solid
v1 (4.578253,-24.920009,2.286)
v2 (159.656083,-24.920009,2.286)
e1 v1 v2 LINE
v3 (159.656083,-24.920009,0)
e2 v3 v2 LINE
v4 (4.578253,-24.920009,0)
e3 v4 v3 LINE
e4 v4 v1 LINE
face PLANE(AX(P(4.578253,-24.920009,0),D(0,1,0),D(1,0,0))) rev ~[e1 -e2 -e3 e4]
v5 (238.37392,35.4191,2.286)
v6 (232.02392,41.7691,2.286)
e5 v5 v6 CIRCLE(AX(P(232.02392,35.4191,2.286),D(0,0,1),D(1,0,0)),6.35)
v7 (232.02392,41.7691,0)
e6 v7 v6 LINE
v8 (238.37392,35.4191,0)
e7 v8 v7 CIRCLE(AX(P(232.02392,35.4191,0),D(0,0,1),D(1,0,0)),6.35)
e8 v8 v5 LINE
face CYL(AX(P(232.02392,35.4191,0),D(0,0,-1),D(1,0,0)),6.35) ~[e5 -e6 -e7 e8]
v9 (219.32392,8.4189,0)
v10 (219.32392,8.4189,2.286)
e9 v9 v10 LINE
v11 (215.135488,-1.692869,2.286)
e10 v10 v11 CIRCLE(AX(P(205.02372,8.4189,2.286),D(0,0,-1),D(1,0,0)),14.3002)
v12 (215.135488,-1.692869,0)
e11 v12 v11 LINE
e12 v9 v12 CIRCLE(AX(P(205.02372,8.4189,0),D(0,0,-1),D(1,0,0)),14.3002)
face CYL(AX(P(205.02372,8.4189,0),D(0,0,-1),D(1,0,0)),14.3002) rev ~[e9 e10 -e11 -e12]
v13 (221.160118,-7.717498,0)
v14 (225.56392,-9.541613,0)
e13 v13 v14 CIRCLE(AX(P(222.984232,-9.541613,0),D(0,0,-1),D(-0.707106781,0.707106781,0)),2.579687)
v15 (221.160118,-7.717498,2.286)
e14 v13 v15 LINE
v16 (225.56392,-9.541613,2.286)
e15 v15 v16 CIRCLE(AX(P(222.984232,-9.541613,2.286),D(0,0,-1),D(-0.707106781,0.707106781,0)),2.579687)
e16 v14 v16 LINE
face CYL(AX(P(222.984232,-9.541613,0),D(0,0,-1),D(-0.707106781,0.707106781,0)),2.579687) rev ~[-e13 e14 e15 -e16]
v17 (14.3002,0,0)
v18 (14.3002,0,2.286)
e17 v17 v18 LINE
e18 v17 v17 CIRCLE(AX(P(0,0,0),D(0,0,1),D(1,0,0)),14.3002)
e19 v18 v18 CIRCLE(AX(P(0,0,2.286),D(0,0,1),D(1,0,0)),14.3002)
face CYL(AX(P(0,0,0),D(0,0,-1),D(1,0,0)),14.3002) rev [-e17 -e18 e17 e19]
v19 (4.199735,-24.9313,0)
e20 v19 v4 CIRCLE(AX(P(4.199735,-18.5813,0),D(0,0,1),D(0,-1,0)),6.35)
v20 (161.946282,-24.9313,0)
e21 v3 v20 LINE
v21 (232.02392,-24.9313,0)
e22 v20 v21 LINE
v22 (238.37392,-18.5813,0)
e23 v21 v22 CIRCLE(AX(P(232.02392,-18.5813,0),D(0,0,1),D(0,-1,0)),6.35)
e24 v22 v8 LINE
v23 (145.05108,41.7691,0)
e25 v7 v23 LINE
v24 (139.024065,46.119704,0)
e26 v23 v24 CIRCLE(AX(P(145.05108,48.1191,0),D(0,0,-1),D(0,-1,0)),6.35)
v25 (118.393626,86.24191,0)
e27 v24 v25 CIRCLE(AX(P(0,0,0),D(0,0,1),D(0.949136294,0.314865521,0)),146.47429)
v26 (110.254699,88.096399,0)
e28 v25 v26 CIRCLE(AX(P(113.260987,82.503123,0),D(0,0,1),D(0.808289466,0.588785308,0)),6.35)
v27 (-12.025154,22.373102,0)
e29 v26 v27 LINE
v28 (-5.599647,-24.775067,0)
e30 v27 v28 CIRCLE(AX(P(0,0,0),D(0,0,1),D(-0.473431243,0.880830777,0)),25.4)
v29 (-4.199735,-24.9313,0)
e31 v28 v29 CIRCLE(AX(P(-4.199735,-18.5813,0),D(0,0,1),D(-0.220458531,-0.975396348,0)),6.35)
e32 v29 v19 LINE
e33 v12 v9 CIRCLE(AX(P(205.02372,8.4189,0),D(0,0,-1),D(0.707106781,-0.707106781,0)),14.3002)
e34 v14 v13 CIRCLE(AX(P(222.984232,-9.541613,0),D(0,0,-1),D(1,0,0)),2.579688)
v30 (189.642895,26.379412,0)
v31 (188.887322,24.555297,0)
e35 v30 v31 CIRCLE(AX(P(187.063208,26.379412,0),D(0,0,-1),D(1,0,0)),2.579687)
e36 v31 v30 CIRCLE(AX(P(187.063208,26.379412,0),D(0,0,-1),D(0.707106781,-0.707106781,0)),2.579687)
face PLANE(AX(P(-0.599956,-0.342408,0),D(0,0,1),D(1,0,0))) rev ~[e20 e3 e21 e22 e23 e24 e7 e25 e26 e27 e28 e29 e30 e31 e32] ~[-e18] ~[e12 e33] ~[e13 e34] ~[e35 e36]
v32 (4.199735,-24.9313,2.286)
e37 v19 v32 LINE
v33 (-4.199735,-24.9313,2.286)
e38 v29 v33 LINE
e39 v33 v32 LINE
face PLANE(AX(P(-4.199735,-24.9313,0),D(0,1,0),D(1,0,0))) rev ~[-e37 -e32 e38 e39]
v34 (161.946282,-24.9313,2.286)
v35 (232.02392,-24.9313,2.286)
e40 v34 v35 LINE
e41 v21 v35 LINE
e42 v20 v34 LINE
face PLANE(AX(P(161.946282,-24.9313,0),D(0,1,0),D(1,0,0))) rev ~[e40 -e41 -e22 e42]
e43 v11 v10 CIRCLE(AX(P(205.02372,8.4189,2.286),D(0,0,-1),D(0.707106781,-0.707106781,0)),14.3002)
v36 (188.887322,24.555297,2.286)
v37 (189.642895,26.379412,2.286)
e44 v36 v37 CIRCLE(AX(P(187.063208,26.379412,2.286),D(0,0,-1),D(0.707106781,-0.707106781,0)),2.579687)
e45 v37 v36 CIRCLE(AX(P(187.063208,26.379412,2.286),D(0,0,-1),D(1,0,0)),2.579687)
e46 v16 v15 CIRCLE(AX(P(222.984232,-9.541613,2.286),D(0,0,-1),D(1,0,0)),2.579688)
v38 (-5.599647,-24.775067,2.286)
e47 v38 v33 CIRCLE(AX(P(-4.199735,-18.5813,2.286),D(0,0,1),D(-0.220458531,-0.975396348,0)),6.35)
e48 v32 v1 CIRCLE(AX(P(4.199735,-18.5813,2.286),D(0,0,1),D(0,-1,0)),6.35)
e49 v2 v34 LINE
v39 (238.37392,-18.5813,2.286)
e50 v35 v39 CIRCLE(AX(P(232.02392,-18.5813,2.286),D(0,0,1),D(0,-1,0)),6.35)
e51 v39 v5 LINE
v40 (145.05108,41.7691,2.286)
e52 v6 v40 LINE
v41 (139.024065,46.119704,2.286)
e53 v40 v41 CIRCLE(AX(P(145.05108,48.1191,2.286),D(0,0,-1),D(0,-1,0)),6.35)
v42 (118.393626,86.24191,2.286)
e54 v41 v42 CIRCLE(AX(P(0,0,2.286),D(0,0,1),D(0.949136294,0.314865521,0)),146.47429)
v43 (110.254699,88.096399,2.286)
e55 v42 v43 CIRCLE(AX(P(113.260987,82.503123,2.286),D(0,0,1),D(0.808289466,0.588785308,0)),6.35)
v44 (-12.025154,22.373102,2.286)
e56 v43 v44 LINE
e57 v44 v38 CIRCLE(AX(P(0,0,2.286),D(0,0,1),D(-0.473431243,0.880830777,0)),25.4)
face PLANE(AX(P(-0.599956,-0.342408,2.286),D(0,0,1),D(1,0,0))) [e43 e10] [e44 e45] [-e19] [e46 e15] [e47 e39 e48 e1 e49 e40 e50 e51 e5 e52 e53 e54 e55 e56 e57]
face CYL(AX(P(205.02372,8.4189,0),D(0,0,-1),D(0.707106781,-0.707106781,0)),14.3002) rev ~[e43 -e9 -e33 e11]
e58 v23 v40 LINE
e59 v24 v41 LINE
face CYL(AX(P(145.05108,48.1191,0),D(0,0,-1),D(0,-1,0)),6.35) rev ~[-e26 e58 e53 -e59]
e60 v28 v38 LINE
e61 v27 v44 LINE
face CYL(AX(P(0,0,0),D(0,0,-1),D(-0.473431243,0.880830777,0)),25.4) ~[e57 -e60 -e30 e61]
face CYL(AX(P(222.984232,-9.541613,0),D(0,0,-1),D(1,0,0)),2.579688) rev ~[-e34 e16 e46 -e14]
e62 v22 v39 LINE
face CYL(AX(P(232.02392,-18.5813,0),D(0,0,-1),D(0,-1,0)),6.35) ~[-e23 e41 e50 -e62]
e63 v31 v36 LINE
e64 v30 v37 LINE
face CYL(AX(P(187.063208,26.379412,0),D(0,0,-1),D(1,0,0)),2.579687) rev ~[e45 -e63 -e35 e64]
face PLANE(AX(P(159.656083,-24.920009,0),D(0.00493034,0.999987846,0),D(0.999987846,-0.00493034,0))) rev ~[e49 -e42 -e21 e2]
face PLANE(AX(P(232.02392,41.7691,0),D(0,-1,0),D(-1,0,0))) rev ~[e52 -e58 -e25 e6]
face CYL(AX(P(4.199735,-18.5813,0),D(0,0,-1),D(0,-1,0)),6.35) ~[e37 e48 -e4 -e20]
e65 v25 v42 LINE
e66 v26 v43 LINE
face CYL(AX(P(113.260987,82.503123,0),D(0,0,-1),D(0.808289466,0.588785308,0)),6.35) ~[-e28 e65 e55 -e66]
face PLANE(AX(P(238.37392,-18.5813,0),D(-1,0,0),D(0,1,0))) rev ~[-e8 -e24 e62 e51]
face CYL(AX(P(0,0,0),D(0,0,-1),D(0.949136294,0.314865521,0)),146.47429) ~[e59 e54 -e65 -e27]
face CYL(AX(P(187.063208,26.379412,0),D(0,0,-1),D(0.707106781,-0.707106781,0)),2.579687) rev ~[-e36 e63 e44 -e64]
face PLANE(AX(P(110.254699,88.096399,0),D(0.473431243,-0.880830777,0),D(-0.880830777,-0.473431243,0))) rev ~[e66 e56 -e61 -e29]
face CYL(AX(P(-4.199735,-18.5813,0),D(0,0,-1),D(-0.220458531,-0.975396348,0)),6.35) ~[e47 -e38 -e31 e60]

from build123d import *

# Parameters (mm, degrees)
F0_R     = 14.3002
F1_DEPTH = 2.286


with BuildPart() as f1:
    # F0 (on Top) → F1 (new body)
    with BuildSketch(Plane.XY):
        with BuildLine():
            ThreePointArc((4.5782528326, -24.9200088385), (5.0918980549, -24.8683144387), (5.5996466991, -24.775067242))
            ThreePointArc((5.5996466991, -24.775067242), (23.7919995843, 8.8938605668), (-12.0251535791, 22.3731017384))
            ThreePointArc((-12.0251535791, 22.3731017384), (-25.1673569483, -3.4298898286), (-5.5996466991, -24.775067242))
            ThreePointArc((-5.5996466991, -24.775067242), (-4.9040363637, -24.8921212674), (-4.1997350243, -24.9313004315))
            Line((-4.1997350243, -24.9313004315), (4.1997350243, -24.9313004315))
            ThreePointArc((4.1997350243, -24.9313004315), (4.3890781198, -24.9284769055), (4.5782528326, -24.9200088385))
        make_face()
        Circle(F0_R, mode=Mode.SUBTRACT)
        with BuildLine():
            ThreePointArc((-12.0251535791, 22.3731017384), (23.7919995843, 8.8938605668), (5.5996466991, -24.775067242))
            ThreePointArc((5.5996466991, -24.775067242), (5.0918980549, -24.8683144387), (4.5782528326, -24.9200088385))
            Line((4.5782528326, -24.9200088385), (159.6560833668, -24.9200088385))
            Line((159.6560833668, -24.9200088385), (161.9462817907, -24.9313004315))
            Line((161.9462817907, -24.9313004315), (232.02392, -24.9313004315))
            ThreePointArc((232.02392, -24.9313004315), (236.5140480605, -23.071428492), (238.37392, -18.5813004315))
            Line((238.37392, -18.5813004315), (238.37392, 35.4190995685))
            ThreePointArc((238.37392, 35.4190995685), (236.5140480605, 39.909227629), (232.02392, 41.7690995685))
            Line((232.02392, 41.7690995685), (149.8630139368, 41.7690995685))
            Line((149.8630139368, 41.7690995685), (145.0510800284, 41.7690995685))
            ThreePointArc((145.0510800284, 41.7690995685), (141.3344730377, 42.9703781276), (139.0240645636, 46.119703513))
            ThreePointArc((139.0240645636, 46.119703513), (130.2628675114, 66.9798695701), (118.3936255177, 86.2419098622))
            ThreePointArc((118.3936255177, 86.2419098622), (114.671704562, 88.6944378072), (110.2546990133, 88.0963985904))
            Line((110.2546990133, 88.0963985904), (-12.0251535791, 22.3731017384))
        make_face()
        with BuildLine():
            ThreePointArc((225.563919742, -9.5416126735), (221.997028575, -11.924933155), (221.1601177174, -7.7174981489))
            ThreePointArc((221.1601177174, -7.7174981489), (223.9714359089, -7.1582921919), (225.563919742, -9.5416126735))
        make_face(mode=Mode.SUBTRACT)
        with BuildLine():
            ThreePointArc((194.9119516077, 18.5306679608), (210.4961696195, 21.6305616593), (219.32392, 8.4188995685))
            ThreePointArc((219.32392, 8.4188995685), (218.2353820908, 2.946449949), (215.1354883923, -1.6928688238))
            ThreePointArc((215.1354883923, -1.6928688238), (194.9119516077, -1.6928688238), (194.9119516077, 18.5306679608))
        make_face(mode=Mode.SUBTRACT)
        with BuildLine():
            ThreePointArc((189.642895258, 26.3794118105), (189.4465282396, 25.3922081436), (188.8873222826, 24.5552972859))
            ThreePointArc((188.8873222826, 24.5552972859), (184.6798872765, 27.3666154774), (189.642895258, 26.3794118105))
        make_face(mode=Mode.SUBTRACT)
    extrude(amount=F1_DEPTH)


solid = f1.part
